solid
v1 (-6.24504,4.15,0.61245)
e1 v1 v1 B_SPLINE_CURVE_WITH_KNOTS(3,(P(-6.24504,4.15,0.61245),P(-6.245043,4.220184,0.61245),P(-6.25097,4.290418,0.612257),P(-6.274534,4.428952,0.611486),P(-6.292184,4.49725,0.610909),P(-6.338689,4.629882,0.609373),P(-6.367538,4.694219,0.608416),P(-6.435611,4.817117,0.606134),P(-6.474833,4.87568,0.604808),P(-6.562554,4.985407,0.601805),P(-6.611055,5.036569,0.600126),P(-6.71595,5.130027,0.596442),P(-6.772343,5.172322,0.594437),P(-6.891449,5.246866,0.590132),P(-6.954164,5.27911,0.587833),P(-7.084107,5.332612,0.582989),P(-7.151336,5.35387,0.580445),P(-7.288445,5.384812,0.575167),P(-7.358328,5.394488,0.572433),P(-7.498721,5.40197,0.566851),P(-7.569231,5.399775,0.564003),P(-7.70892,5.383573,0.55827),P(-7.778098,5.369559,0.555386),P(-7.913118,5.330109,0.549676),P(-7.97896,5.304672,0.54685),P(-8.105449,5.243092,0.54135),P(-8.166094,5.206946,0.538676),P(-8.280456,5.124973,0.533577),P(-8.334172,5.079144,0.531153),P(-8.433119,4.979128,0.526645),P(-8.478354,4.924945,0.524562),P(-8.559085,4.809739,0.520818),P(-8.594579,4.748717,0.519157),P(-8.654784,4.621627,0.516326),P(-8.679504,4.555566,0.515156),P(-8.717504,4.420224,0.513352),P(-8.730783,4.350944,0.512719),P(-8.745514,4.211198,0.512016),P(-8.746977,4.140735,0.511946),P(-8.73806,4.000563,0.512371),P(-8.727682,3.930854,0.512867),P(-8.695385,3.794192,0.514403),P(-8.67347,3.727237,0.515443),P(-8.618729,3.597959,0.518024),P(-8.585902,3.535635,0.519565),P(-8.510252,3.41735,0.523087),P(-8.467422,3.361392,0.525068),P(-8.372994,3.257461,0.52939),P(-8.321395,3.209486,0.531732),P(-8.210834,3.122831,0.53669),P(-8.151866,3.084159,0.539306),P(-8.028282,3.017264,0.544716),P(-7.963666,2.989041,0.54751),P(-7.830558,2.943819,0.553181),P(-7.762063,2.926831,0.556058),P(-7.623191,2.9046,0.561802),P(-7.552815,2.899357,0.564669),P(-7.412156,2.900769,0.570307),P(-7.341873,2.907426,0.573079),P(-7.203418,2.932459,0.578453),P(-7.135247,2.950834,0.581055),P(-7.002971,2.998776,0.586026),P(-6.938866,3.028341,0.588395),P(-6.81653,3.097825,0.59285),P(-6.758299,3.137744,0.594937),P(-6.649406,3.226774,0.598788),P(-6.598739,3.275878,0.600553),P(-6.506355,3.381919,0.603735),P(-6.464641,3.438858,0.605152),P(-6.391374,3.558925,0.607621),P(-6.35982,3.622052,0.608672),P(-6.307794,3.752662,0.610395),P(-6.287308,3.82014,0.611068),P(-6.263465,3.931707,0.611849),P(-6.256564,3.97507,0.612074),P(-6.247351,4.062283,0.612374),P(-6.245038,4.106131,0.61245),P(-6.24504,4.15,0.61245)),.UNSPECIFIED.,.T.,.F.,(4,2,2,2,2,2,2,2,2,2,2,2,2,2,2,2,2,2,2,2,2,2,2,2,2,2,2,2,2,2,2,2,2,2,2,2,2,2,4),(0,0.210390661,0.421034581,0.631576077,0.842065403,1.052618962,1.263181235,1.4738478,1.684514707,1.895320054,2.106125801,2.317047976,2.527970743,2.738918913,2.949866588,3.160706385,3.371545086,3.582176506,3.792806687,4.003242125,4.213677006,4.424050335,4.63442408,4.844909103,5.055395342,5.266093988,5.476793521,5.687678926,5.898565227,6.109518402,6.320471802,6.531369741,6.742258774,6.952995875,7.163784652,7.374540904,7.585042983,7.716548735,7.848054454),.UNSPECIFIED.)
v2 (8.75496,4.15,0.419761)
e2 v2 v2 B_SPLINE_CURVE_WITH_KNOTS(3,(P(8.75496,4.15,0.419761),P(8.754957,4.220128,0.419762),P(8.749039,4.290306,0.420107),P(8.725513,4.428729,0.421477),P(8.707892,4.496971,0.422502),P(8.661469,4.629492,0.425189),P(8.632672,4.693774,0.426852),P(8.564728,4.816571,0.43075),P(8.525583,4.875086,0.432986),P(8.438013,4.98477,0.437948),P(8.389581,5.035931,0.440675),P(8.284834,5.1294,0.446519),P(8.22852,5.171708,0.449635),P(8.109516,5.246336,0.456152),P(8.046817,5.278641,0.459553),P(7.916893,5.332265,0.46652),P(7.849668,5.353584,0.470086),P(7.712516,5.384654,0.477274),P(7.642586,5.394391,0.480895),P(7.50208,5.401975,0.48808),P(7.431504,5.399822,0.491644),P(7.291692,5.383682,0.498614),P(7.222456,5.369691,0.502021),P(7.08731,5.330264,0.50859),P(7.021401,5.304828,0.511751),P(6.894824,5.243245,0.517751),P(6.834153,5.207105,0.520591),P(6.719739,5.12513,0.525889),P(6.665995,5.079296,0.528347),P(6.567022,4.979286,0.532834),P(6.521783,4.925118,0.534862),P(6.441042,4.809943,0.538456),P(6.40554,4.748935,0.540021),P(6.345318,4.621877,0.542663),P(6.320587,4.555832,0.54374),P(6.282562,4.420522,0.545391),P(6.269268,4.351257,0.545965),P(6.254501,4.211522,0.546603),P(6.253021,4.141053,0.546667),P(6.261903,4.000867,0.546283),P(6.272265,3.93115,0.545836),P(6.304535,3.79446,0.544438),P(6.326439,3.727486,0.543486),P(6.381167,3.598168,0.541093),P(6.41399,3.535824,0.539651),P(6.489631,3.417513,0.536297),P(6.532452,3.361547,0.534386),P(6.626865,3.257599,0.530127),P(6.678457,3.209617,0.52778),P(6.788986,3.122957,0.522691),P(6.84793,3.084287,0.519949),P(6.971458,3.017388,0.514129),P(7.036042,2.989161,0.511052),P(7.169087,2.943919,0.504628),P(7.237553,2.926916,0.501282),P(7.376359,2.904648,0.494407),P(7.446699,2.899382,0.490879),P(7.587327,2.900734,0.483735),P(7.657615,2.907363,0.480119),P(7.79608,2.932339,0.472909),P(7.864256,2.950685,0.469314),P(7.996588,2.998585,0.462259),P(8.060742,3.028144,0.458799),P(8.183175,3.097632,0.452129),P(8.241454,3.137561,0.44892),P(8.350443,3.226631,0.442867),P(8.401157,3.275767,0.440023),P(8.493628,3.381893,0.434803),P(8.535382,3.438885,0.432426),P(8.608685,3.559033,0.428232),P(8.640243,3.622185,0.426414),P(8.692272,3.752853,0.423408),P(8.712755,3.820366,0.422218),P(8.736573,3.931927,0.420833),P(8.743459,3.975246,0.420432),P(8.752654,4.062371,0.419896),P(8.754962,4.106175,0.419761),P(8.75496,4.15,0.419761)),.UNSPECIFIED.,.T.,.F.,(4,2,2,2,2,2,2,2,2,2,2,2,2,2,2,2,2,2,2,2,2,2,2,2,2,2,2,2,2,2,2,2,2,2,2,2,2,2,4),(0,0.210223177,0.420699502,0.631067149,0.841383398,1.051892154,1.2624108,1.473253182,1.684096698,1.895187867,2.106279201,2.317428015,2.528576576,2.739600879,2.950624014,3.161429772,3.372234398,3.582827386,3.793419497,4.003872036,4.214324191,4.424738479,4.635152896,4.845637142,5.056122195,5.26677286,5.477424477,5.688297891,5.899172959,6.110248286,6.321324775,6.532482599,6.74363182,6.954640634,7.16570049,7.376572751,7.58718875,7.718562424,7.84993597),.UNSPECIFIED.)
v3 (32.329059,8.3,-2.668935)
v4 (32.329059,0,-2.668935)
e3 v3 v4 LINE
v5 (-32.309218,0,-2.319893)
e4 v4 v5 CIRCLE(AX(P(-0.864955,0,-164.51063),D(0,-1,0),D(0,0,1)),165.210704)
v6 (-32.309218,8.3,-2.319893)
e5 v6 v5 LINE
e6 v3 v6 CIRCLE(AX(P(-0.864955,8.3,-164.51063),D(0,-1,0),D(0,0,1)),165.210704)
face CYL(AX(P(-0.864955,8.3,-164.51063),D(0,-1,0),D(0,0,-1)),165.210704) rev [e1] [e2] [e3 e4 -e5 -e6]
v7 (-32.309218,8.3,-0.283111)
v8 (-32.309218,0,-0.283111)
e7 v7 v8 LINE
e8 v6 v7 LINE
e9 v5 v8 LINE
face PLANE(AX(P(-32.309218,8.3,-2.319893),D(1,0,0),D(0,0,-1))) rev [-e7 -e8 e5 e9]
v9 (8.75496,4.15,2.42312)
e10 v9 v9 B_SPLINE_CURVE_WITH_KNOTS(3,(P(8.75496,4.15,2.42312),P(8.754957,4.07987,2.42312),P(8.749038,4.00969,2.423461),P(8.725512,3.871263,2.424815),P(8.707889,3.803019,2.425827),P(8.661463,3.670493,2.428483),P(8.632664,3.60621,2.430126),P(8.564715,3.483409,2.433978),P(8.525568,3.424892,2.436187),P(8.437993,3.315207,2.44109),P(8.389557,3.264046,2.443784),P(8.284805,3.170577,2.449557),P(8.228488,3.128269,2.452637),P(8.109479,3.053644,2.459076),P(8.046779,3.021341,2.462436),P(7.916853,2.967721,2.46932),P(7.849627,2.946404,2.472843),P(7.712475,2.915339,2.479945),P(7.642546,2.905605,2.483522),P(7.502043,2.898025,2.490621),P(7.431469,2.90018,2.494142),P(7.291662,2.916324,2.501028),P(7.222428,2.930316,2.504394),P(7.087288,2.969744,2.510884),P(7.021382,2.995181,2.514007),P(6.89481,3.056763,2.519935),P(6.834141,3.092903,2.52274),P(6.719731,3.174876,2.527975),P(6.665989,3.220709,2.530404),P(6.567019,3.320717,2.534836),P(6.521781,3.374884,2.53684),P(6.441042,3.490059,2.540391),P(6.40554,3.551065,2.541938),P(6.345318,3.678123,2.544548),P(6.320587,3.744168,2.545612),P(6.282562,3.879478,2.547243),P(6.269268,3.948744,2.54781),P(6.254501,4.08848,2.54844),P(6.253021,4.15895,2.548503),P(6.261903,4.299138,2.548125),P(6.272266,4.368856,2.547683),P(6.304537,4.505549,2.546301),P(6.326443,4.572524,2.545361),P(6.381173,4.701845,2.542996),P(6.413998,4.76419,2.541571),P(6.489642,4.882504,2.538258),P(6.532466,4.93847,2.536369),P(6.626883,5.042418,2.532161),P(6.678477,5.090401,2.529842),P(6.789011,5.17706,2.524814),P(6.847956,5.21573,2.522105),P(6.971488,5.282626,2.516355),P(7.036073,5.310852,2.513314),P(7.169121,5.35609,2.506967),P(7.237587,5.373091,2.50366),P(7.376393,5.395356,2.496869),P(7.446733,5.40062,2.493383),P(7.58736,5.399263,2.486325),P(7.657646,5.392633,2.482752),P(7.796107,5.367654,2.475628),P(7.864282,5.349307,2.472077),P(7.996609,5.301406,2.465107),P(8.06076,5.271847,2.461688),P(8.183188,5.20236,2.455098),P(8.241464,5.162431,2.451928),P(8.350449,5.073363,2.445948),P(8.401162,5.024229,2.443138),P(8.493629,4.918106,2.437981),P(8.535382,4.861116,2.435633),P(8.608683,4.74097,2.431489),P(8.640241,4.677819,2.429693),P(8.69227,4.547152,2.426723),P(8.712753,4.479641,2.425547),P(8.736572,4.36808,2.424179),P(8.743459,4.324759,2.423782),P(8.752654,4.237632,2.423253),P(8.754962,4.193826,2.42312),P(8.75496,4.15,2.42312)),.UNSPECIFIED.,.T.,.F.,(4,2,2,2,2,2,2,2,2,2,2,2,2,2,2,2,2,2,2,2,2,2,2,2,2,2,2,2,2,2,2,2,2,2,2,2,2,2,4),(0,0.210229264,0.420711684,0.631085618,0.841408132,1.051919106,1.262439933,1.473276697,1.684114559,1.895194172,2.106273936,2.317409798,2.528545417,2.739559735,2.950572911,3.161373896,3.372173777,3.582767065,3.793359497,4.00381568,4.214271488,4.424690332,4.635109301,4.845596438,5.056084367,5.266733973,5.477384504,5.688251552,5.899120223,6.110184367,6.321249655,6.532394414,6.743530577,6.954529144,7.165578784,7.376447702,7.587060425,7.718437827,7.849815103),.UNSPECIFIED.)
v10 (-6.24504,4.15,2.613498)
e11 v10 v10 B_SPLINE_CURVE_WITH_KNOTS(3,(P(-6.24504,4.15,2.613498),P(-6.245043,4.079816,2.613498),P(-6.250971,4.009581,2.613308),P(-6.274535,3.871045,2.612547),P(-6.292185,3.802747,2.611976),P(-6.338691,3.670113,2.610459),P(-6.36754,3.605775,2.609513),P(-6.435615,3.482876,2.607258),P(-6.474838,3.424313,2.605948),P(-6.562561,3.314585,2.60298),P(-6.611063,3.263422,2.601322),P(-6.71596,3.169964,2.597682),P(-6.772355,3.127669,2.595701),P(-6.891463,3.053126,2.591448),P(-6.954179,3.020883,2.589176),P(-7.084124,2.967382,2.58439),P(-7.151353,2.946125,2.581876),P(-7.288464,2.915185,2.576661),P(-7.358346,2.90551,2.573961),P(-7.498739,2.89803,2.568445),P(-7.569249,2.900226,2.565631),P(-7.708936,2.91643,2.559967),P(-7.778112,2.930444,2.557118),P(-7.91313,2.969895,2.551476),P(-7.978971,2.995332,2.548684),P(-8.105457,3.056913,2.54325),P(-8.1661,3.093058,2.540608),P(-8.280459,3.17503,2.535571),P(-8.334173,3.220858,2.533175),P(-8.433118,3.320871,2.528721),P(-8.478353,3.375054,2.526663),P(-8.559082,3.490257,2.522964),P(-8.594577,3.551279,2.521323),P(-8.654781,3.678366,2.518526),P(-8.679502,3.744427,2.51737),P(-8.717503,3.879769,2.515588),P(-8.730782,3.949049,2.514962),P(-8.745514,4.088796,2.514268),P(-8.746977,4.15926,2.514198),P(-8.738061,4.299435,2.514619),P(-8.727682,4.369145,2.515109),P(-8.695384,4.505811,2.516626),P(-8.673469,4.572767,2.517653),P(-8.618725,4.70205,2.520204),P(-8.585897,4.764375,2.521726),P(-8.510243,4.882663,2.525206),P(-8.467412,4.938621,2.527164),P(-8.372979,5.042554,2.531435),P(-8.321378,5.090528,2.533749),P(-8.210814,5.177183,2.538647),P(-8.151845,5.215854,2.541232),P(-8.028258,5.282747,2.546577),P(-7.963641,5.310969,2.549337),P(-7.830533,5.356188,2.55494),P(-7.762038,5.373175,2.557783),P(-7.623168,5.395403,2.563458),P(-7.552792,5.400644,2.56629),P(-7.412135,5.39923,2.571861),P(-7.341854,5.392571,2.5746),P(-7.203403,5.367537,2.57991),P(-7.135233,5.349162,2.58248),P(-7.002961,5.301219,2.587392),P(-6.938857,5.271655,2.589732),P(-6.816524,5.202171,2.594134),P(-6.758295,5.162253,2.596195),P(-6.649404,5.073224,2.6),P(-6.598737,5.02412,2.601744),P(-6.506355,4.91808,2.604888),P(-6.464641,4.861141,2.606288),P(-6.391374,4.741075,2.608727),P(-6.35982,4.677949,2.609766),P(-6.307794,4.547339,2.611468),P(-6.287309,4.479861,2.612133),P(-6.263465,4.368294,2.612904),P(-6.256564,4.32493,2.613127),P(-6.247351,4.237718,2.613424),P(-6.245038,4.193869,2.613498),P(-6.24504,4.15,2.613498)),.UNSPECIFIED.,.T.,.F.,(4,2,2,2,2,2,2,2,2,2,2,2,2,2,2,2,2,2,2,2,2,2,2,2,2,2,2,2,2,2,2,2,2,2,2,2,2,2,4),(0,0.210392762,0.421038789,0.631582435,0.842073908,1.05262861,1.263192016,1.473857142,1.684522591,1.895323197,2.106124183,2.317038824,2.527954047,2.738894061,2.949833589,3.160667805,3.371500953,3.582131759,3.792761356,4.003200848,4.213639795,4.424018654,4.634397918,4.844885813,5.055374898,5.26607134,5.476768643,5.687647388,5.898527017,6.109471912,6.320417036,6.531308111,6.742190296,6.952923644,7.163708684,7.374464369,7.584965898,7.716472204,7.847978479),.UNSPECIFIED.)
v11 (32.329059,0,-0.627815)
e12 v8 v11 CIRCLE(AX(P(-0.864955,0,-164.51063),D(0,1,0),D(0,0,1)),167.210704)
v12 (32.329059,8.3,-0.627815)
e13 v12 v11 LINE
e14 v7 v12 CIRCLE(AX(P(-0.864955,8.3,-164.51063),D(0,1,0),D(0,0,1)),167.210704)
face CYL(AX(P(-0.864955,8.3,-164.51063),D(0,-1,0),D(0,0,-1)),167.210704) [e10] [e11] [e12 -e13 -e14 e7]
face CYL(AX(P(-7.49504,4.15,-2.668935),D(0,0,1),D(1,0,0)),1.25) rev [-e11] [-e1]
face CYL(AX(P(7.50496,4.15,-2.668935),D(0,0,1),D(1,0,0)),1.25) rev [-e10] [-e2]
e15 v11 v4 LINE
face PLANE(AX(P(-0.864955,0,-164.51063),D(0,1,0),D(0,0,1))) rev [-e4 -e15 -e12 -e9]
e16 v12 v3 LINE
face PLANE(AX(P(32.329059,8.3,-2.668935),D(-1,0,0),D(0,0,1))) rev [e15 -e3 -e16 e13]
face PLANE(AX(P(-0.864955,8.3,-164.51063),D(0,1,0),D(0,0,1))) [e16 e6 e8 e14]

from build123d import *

# Parameters (mm, degrees)
BOSS_EXTRUDE1_DEPTH     = 8.3
SKETCH2_R               = 1.25
CUT_EXTRUDE1_DEPTH      = 3.700074126
CUT_EXTRUDE1_DEPTH_BACK = 3.668935167


with BuildPart() as part:
    # Sketch1 → Boss-Extrude1 (new body)
    with BuildSketch(Plane(origin=(0, 0, 0), x_dir=(1, 0, 0), z_dir=(0, 1, 0))):
        with BuildLine():
            Line((-32.309217612, 2.319893124), (-32.309217612, 0.283111159))
            ThreePointArc((-32.309217612, 0.283111159), (0.026735772, -2.697696531), (32.32905872, 0.627815151))
            Line((32.32905872, 0.627815151), (32.32905872, 2.668935167))
            ThreePointArc((32.32905872, 2.668935167), (0.027157554, -0.697665471), (-32.309217612, 2.319893124))
        make_face()
    extrude(amount=BOSS_EXTRUDE1_DEPTH)

    # Sketch2 → Cut-Extrude1 (cut, two sides)
    with BuildSketch(Plane.XY) as cut_extrude1_sk:
        with Locations((7.504960277, 4.15)):
            Circle(SKETCH2_R)
        with Locations((-7.495039723, 4.15)):
            Circle(SKETCH2_R)
    extrude(amount=CUT_EXTRUDE1_DEPTH, mode=Mode.SUBTRACT)
    extrude(cut_extrude1_sk.sketch, amount=-CUT_EXTRUDE1_DEPTH_BACK, mode=Mode.SUBTRACT)


solid = part.part
